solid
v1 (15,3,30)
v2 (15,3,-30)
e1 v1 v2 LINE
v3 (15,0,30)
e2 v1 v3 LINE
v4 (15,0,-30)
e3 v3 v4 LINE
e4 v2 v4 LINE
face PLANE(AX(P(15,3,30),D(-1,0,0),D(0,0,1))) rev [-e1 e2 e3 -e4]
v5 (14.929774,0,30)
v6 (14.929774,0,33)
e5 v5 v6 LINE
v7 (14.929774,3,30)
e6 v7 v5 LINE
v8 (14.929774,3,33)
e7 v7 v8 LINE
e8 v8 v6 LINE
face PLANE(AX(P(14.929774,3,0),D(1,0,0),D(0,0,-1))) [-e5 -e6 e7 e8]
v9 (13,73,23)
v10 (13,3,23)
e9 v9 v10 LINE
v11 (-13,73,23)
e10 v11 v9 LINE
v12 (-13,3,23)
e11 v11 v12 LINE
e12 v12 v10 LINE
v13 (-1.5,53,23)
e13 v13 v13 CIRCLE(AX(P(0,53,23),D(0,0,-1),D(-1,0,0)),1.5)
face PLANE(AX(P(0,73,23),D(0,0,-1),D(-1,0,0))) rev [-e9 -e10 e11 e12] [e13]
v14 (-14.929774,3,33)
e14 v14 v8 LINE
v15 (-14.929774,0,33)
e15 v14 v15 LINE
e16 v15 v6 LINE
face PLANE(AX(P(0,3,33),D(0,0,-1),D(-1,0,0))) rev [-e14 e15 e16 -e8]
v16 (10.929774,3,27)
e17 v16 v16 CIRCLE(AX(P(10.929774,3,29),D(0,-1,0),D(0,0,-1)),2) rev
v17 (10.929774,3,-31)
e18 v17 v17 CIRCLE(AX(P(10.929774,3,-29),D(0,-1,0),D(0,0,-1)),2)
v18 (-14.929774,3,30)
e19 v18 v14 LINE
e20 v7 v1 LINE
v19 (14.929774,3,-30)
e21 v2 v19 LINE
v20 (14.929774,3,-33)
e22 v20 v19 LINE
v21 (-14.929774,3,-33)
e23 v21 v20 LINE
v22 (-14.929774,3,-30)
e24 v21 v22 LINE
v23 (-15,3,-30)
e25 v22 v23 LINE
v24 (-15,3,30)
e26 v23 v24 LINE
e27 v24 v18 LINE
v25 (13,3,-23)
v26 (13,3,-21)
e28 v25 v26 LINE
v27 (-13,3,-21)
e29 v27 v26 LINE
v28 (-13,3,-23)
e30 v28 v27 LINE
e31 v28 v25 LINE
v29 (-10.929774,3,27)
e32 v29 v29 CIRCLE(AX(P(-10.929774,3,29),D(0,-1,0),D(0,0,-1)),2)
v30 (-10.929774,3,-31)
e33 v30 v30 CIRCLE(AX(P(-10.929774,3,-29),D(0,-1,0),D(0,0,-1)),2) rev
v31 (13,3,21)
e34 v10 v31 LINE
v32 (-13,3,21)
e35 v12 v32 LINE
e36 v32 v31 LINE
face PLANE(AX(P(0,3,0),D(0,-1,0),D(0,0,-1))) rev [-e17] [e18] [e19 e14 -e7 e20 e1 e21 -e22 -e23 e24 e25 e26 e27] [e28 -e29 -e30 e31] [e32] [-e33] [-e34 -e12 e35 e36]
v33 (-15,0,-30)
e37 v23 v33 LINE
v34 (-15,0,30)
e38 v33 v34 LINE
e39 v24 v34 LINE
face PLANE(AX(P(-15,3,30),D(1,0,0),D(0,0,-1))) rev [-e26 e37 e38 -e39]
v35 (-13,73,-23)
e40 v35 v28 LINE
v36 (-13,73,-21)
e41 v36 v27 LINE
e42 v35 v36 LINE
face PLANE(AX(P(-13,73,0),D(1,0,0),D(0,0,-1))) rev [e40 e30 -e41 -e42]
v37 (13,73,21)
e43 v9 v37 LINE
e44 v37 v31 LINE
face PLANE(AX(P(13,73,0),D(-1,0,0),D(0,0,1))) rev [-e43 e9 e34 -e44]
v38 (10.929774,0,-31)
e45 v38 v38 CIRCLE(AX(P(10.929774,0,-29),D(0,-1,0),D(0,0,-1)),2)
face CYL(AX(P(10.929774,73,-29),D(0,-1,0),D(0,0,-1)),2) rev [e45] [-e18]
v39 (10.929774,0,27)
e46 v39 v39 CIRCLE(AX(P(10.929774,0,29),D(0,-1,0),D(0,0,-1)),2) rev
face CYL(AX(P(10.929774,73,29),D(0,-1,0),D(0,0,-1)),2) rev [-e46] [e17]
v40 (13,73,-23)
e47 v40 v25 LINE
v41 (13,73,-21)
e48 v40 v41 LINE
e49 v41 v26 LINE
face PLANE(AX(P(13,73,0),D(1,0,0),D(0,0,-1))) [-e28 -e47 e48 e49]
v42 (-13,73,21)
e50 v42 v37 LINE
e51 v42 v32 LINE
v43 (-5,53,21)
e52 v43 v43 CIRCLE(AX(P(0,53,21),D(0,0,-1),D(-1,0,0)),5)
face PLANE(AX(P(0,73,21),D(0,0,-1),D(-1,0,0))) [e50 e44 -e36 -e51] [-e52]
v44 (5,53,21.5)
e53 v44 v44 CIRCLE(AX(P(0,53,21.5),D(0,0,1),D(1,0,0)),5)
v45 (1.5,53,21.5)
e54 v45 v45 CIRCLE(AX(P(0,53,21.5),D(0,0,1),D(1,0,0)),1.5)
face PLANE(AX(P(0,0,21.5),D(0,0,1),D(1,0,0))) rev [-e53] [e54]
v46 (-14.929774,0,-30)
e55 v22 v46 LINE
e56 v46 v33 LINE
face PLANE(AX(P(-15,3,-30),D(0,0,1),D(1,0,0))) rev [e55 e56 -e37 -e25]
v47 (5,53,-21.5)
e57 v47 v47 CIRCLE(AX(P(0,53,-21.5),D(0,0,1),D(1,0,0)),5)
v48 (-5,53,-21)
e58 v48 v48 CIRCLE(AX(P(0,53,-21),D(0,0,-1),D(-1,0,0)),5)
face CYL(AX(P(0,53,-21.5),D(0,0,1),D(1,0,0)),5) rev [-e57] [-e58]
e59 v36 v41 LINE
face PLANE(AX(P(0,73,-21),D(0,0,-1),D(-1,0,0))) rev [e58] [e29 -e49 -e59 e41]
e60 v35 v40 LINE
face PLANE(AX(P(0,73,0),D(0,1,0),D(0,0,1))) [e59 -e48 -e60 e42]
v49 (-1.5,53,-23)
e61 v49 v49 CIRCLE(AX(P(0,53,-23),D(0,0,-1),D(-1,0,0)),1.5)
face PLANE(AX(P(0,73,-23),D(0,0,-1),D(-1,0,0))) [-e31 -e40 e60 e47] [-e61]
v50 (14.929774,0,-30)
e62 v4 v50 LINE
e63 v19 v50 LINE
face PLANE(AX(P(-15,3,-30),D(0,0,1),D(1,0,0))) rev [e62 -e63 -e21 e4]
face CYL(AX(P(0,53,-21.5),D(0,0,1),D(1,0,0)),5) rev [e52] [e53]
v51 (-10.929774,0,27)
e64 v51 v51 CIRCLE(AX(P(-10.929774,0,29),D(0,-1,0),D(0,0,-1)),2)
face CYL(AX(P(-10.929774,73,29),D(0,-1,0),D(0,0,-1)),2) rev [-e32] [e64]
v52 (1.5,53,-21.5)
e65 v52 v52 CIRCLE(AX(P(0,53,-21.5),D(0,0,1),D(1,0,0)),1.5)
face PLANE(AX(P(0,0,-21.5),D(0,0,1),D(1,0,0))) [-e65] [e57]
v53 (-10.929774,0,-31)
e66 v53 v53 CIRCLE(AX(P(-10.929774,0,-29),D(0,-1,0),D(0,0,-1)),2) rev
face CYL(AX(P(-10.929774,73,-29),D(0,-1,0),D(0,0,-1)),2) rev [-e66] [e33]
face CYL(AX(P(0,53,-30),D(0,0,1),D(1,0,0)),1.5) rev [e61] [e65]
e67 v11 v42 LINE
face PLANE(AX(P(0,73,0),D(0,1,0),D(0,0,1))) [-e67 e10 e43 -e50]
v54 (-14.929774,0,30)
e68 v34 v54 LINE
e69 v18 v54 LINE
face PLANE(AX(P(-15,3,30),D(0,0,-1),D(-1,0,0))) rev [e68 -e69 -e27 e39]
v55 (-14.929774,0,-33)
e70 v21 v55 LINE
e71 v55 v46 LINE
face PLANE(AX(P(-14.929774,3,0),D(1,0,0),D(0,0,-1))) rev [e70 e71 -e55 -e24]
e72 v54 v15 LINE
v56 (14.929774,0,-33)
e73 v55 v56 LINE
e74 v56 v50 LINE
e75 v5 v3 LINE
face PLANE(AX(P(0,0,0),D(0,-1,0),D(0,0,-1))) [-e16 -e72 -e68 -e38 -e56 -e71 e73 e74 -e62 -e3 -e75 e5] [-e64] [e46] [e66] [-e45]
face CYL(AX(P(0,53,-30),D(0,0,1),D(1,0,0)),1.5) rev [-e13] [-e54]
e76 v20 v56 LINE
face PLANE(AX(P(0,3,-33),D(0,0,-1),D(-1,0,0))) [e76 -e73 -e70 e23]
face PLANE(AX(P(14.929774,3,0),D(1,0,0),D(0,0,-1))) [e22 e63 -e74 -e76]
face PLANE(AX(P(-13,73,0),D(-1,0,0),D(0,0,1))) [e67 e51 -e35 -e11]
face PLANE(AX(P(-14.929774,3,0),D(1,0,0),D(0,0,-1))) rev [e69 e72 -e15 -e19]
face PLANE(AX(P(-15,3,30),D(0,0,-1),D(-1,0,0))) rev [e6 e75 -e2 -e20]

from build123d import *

# Parameters (mm, degrees)
SKETCH_1_W               = 30
SKETCH_1_H               = 60
EXTRUDE_1_DEPTH          = 3
SKETCH_2_W               = 26
SKETCH_2_H               = 2
EXTRUDE_3_DEPTH          = 70
SKETCH_4_R               = 5
CUT_EXTRUDE_2_DEPTH      = 21.5
CUT_EXTRUDE_3_DEPTH      = 91.58835466
CUT_EXTRUDE_3_DEPTH_BACK = 91.58835466
SKETCH_5_R               = 1.5
SKETCH_7_W               = 29.85954739
SKETCH_7_H               = 3
EXTRUDE_4_DEPTH          = 3
CUT_EXTRUDE_5_DEPTH      = 82.504601097
CUT_EXTRUDE_5_DEPTH_BACK = 82.504601097
SKETCH_8_R               = 2


with BuildPart() as part:
    # 草图1 → 凸台-拉伸1 (new body)
    with BuildSketch(Plane(origin=(0, 0, 0), x_dir=(1, 0, 0), z_dir=(0, 1, 0))):
        Rectangle(SKETCH_1_W, SKETCH_1_H)
    extrude(amount=EXTRUDE_1_DEPTH)

    # 草图2 → 凸台-拉伸3 (add)
    with BuildSketch(Plane(origin=(0, 3, 0), x_dir=(1, 0, 0), z_dir=(0, 1, 0))):
        with Locations((0, 22)):
            Rectangle(SKETCH_2_W, SKETCH_2_H)
        with Locations((0, -22)):
            Rectangle(SKETCH_2_W, SKETCH_2_H)
    extrude(amount=EXTRUDE_3_DEPTH)

    # 草图4 → 切除-拉伸2 (cut, symmetric)
    with BuildSketch(Plane.XY):
        with Locations((0, 53)):
            Circle(SKETCH_4_R)
    extrude(amount=CUT_EXTRUDE_2_DEPTH, both=True, mode=Mode.SUBTRACT)

    # 草图5 → 切除-拉伸3 (cut, two sides: drawn at the far end of the back side and taken through both)
    with BuildSketch(Plane.XY.offset(-21.5).offset(-CUT_EXTRUDE_3_DEPTH_BACK)):
        with Locations((0, 53)):
            Circle(SKETCH_5_R)
    extrude(amount=CUT_EXTRUDE_3_DEPTH + CUT_EXTRUDE_3_DEPTH_BACK, mode=Mode.SUBTRACT)

    # 草图7 → 凸台-拉伸4 (add)
    with BuildSketch(Plane.XZ):
        Polygon((-14.929773695, 33), (-14.929773695, 30), (-12, 30), (14.929773695, 30), (14.929773695, 33), align=None)
        with Locations((0, -31.5)):
            Rectangle(SKETCH_7_W, SKETCH_7_H)
    extrude(amount=-EXTRUDE_4_DEPTH)

    # 草图8 → 切除-拉伸5 (cut, two sides: drawn at the far end of the back side and taken through both)
    with BuildSketch(Plane.XZ.offset(-CUT_EXTRUDE_5_DEPTH_BACK)):
        with BuildLine():
            ThreePointArc((-8.929773695, 29), (-9.515560133, 30.414213562), (-10.929773695, 31))
            Line((-10.929773695, 31), (-10.929773695, 29))
            Line((-10.929773695, 29), (-12.929773695, 29))
            ThreePointArc((-12.929773695, 29), (-10.929773695, 27), (-8.929773695, 29))
        make_face()
        with BuildLine():
            Line((-10.929773695, 29), (-10.929773695, 31))
            ThreePointArc((-10.929773695, 31), (-12.343987258, 30.414213562), (-12.929773695, 29))
            Line((-12.929773695, 29), (-10.929773695, 29))
        make_face()
        with Locations(Location((10.929773695, 29, 0), (0, 0, 270))):
            Circle(SKETCH_8_R)
        with Locations(Location((-10.929773695, -29, 0), (0, 0, 270))):
            Circle(SKETCH_8_R)
        with Locations(Location((10.929773695, -29, 0), (0, 0, 270))):
            Circle(SKETCH_8_R)
    extrude(amount=CUT_EXTRUDE_5_DEPTH + CUT_EXTRUDE_5_DEPTH_BACK, mode=Mode.SUBTRACT)


solid = part.part
